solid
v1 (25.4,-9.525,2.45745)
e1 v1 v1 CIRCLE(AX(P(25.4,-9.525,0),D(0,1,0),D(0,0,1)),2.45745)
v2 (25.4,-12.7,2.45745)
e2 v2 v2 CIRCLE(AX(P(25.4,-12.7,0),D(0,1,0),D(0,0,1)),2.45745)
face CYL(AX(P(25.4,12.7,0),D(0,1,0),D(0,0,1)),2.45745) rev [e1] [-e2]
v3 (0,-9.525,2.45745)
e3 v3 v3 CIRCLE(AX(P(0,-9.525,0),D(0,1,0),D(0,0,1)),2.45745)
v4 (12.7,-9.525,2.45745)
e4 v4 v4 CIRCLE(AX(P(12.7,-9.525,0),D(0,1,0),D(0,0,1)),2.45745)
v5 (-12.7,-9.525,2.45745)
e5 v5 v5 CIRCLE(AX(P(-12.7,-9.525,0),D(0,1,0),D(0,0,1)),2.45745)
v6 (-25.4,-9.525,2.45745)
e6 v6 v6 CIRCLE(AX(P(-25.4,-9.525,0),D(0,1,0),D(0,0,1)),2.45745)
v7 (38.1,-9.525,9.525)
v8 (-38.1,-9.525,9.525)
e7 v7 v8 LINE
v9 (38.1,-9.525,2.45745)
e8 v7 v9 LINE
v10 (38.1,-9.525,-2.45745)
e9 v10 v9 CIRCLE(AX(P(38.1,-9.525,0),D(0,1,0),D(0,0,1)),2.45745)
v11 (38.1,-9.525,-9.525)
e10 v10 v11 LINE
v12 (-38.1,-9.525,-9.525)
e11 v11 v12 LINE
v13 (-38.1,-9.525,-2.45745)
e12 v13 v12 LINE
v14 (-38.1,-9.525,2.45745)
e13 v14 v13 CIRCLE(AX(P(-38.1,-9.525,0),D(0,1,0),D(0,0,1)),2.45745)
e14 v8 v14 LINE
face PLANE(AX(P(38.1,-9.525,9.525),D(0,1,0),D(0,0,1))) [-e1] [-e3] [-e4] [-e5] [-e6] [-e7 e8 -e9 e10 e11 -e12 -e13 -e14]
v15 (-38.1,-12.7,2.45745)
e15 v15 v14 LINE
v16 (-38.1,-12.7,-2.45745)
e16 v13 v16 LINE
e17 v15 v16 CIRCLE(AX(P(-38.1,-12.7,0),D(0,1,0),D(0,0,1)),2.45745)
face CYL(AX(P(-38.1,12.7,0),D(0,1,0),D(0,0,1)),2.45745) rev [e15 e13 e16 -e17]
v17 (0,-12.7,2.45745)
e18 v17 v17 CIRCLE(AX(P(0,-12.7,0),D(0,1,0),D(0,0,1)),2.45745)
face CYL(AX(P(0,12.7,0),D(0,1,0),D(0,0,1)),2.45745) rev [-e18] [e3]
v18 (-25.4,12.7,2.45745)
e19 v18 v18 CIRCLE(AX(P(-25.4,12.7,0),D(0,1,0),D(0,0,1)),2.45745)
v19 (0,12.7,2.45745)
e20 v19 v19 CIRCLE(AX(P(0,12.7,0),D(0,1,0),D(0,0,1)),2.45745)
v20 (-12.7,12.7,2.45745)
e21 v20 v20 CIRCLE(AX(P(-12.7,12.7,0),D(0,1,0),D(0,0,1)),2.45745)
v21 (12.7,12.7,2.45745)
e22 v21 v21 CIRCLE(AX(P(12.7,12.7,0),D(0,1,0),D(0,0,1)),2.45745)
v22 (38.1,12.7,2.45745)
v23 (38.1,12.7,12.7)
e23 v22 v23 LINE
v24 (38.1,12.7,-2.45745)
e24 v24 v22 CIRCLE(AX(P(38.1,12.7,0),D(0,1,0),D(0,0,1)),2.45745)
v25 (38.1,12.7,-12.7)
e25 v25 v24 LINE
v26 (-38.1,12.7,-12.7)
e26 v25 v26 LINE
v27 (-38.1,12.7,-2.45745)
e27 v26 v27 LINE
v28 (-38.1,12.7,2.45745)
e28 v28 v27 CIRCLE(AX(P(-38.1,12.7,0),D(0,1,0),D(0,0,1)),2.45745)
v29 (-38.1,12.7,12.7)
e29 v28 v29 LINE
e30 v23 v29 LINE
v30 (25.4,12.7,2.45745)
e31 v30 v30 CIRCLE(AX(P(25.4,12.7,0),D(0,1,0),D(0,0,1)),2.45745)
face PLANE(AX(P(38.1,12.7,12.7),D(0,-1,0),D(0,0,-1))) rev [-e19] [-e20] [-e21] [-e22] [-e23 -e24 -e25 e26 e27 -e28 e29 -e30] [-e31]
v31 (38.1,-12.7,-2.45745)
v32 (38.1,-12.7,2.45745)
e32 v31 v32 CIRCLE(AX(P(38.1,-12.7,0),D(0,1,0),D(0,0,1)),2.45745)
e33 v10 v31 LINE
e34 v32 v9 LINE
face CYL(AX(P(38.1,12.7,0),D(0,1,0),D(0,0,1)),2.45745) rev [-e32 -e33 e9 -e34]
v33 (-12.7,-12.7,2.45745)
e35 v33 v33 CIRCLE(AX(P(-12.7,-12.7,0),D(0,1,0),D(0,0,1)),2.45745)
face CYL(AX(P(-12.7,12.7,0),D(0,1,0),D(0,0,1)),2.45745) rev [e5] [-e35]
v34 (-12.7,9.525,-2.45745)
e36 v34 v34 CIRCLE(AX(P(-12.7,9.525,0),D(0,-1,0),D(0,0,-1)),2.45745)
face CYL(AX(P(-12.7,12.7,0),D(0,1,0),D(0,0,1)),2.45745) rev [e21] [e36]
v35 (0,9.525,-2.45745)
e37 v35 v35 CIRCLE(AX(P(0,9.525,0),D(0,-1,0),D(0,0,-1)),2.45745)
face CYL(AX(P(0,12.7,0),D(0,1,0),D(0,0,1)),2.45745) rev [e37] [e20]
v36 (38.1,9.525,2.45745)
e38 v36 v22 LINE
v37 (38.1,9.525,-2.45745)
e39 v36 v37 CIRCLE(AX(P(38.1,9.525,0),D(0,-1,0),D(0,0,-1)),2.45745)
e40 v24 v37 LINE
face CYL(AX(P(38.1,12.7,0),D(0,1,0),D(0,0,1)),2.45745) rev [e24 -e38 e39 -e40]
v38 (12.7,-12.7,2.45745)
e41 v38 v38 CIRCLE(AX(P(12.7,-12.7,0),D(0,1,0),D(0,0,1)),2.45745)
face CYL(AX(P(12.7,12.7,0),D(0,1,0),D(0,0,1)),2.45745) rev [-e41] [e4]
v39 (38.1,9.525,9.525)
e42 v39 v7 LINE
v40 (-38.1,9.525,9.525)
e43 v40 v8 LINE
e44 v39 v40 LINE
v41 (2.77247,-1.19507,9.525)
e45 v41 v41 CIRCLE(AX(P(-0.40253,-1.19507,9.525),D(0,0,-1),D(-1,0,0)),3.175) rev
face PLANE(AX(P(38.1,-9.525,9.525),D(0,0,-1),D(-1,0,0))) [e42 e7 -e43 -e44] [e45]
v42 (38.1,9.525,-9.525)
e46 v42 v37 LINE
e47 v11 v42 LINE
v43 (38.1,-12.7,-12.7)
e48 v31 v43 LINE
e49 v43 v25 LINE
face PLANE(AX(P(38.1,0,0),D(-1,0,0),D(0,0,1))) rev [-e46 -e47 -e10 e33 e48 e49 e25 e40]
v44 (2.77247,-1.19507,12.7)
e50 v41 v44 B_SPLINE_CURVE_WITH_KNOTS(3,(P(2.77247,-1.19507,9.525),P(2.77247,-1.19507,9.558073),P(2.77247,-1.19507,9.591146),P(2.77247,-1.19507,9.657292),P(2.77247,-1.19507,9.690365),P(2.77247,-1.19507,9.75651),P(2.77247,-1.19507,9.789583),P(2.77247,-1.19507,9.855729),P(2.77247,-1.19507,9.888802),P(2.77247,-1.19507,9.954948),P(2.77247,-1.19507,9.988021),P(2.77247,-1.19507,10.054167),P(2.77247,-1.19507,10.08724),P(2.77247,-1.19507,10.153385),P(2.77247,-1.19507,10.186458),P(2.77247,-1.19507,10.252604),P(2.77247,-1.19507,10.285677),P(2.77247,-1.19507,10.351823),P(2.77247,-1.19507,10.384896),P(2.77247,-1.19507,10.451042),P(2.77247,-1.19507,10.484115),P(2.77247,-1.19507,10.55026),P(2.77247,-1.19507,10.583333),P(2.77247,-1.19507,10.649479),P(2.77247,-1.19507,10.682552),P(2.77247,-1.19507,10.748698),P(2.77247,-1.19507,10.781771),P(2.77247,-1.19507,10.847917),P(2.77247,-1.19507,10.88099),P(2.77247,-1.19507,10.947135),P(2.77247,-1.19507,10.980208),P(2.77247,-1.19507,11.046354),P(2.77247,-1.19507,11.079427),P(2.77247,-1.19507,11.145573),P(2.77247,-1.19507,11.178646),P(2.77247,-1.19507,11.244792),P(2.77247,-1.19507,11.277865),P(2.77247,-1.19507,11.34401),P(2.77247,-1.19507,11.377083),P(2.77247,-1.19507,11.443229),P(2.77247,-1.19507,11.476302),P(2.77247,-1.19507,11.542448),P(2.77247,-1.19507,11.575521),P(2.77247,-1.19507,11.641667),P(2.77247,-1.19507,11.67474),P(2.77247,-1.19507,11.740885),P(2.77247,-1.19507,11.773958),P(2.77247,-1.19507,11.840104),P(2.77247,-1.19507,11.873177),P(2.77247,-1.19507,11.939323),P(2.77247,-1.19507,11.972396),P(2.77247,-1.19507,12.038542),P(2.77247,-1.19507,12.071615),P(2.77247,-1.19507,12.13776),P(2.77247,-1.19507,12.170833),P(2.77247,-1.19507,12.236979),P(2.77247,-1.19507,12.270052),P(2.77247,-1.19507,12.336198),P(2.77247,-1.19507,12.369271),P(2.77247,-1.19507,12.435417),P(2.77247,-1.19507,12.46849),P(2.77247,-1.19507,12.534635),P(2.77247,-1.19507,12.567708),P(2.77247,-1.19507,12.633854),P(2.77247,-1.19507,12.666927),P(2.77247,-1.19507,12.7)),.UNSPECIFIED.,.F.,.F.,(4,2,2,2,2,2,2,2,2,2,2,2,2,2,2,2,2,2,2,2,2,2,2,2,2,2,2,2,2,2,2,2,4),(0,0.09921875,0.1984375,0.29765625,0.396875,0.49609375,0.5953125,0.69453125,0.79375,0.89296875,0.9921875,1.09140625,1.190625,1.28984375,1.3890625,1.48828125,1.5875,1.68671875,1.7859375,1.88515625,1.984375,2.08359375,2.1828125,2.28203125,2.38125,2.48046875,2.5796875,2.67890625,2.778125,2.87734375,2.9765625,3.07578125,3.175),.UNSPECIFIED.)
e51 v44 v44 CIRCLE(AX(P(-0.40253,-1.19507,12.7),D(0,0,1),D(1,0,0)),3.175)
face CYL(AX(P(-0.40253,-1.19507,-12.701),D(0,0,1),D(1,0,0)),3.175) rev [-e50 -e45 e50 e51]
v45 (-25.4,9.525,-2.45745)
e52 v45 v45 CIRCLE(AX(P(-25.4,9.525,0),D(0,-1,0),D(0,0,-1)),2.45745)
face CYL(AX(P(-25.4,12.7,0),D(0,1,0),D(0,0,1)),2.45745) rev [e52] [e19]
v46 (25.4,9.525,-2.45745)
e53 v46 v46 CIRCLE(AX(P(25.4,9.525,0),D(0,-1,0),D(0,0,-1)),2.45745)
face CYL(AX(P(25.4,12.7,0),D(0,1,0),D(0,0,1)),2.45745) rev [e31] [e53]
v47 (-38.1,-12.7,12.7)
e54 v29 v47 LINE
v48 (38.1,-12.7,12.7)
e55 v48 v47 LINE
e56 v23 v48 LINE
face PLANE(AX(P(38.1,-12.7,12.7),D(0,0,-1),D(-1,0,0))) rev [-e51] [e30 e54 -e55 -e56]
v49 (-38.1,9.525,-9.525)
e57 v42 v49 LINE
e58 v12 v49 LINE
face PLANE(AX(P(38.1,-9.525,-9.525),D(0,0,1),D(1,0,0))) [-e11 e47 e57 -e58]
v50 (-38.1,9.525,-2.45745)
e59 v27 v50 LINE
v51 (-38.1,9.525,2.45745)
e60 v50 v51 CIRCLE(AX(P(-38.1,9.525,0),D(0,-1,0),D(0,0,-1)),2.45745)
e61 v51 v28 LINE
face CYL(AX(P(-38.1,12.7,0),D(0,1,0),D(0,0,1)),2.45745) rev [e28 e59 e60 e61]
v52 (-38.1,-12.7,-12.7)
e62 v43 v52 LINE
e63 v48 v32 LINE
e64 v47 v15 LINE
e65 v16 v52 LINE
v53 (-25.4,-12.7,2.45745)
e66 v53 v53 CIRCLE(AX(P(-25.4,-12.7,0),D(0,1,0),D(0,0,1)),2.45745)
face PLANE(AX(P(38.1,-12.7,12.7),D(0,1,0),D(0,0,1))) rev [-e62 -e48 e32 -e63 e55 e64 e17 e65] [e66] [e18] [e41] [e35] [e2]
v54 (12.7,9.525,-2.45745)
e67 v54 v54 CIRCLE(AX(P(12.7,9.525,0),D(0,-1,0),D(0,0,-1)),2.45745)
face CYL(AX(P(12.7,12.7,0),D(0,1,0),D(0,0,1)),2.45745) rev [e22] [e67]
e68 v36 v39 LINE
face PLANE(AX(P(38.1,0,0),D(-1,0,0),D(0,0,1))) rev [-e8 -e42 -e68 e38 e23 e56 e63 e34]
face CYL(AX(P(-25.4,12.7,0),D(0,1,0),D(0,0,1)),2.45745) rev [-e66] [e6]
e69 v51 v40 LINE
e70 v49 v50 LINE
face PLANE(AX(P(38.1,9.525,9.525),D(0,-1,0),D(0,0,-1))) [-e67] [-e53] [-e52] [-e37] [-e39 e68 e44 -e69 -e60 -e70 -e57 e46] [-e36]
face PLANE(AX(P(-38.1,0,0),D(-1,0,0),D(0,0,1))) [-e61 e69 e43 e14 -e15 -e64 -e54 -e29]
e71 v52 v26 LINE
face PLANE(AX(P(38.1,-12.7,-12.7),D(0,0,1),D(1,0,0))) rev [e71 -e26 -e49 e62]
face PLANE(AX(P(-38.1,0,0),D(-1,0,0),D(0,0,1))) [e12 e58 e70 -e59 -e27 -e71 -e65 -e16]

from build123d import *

# Parameters (mm, degrees)
SKETCH1_W                   = 25.4
SKETCH1_H                   = 25.4
SKETCH1_W_2                 = 19.05
SKETCH1_H_2                 = 19.05
BASE_TUBE_DEPTH             = 38.1
INITIAL_10_HOLE_D           = 4.9149
F_10_HOLE_PATTERN_COUNT     = 4
F_10_HOLE_PATTERN_PITCH     = 12.7
F_10_HOLE_PATTERN_COL_COUNT = 4
F_10_HOLE_PATTERN_COL_PITCH = 12.7
CUT_EXTRUDE1_REACH          = 49.519
SKETCH8_R                   = 3.175


with BuildPart() as part:
    # Sketch1 → Base Tube (new, symmetric)
    with BuildSketch(Plane(origin=(0, 0, 0), x_dir=(0, 0, -1), z_dir=(1, 0, 0))):
        Rectangle(SKETCH1_W, SKETCH1_H)
        Rectangle(SKETCH1_W_2, SKETCH1_H_2, mode=Mode.SUBTRACT)
    extrude(amount=BASE_TUBE_DEPTH, both=True)

    # Initial #10 Hole (through all)
    with Locations(Plane(origin=(0, 12.7, 0), x_dir=(1, 0, 0), z_dir=(0, 1, 0))):
        with Locations((0, 0)):
            initial_10_hole = Hole(INITIAL_10_HOLE_D / 2)

    # #10 Hole Pattern: Initial #10 Hole ×4
    with Locations(*[(i * F_10_HOLE_PATTERN_PITCH, 0, 0) for i in range(1, F_10_HOLE_PATTERN_COUNT)]):
        add(initial_10_hole, mode=Mode.SUBTRACT)

    # #10 Hole Pattern col: Initial #10 Hole ×4
    with Locations(*[(-i * F_10_HOLE_PATTERN_COL_PITCH, 0, 0) for i in range(1, F_10_HOLE_PATTERN_COL_COUNT)]):
        add(initial_10_hole, mode=Mode.SUBTRACT)

    # Sketch8 → Cut-Extrude1 (cut, up to next)
    with BuildSketch(Plane.XY.offset(12.7), mode=Mode.PRIVATE) as cut_extrude1_sk1:
        with Locations((-0.402530278, -1.19507)):
            Circle(SKETCH8_R)
    cut_extrude1_tool1 = extrude(cut_extrude1_sk1.sketch, amount=-CUT_EXTRUDE1_REACH, mode=Mode.PRIVATE) & part.part
    add(cut_extrude1_tool1.solids().sort_by_distance((-0.40253, -1.19507, 12.7))[0], mode=Mode.SUBTRACT)


solid = part.part
